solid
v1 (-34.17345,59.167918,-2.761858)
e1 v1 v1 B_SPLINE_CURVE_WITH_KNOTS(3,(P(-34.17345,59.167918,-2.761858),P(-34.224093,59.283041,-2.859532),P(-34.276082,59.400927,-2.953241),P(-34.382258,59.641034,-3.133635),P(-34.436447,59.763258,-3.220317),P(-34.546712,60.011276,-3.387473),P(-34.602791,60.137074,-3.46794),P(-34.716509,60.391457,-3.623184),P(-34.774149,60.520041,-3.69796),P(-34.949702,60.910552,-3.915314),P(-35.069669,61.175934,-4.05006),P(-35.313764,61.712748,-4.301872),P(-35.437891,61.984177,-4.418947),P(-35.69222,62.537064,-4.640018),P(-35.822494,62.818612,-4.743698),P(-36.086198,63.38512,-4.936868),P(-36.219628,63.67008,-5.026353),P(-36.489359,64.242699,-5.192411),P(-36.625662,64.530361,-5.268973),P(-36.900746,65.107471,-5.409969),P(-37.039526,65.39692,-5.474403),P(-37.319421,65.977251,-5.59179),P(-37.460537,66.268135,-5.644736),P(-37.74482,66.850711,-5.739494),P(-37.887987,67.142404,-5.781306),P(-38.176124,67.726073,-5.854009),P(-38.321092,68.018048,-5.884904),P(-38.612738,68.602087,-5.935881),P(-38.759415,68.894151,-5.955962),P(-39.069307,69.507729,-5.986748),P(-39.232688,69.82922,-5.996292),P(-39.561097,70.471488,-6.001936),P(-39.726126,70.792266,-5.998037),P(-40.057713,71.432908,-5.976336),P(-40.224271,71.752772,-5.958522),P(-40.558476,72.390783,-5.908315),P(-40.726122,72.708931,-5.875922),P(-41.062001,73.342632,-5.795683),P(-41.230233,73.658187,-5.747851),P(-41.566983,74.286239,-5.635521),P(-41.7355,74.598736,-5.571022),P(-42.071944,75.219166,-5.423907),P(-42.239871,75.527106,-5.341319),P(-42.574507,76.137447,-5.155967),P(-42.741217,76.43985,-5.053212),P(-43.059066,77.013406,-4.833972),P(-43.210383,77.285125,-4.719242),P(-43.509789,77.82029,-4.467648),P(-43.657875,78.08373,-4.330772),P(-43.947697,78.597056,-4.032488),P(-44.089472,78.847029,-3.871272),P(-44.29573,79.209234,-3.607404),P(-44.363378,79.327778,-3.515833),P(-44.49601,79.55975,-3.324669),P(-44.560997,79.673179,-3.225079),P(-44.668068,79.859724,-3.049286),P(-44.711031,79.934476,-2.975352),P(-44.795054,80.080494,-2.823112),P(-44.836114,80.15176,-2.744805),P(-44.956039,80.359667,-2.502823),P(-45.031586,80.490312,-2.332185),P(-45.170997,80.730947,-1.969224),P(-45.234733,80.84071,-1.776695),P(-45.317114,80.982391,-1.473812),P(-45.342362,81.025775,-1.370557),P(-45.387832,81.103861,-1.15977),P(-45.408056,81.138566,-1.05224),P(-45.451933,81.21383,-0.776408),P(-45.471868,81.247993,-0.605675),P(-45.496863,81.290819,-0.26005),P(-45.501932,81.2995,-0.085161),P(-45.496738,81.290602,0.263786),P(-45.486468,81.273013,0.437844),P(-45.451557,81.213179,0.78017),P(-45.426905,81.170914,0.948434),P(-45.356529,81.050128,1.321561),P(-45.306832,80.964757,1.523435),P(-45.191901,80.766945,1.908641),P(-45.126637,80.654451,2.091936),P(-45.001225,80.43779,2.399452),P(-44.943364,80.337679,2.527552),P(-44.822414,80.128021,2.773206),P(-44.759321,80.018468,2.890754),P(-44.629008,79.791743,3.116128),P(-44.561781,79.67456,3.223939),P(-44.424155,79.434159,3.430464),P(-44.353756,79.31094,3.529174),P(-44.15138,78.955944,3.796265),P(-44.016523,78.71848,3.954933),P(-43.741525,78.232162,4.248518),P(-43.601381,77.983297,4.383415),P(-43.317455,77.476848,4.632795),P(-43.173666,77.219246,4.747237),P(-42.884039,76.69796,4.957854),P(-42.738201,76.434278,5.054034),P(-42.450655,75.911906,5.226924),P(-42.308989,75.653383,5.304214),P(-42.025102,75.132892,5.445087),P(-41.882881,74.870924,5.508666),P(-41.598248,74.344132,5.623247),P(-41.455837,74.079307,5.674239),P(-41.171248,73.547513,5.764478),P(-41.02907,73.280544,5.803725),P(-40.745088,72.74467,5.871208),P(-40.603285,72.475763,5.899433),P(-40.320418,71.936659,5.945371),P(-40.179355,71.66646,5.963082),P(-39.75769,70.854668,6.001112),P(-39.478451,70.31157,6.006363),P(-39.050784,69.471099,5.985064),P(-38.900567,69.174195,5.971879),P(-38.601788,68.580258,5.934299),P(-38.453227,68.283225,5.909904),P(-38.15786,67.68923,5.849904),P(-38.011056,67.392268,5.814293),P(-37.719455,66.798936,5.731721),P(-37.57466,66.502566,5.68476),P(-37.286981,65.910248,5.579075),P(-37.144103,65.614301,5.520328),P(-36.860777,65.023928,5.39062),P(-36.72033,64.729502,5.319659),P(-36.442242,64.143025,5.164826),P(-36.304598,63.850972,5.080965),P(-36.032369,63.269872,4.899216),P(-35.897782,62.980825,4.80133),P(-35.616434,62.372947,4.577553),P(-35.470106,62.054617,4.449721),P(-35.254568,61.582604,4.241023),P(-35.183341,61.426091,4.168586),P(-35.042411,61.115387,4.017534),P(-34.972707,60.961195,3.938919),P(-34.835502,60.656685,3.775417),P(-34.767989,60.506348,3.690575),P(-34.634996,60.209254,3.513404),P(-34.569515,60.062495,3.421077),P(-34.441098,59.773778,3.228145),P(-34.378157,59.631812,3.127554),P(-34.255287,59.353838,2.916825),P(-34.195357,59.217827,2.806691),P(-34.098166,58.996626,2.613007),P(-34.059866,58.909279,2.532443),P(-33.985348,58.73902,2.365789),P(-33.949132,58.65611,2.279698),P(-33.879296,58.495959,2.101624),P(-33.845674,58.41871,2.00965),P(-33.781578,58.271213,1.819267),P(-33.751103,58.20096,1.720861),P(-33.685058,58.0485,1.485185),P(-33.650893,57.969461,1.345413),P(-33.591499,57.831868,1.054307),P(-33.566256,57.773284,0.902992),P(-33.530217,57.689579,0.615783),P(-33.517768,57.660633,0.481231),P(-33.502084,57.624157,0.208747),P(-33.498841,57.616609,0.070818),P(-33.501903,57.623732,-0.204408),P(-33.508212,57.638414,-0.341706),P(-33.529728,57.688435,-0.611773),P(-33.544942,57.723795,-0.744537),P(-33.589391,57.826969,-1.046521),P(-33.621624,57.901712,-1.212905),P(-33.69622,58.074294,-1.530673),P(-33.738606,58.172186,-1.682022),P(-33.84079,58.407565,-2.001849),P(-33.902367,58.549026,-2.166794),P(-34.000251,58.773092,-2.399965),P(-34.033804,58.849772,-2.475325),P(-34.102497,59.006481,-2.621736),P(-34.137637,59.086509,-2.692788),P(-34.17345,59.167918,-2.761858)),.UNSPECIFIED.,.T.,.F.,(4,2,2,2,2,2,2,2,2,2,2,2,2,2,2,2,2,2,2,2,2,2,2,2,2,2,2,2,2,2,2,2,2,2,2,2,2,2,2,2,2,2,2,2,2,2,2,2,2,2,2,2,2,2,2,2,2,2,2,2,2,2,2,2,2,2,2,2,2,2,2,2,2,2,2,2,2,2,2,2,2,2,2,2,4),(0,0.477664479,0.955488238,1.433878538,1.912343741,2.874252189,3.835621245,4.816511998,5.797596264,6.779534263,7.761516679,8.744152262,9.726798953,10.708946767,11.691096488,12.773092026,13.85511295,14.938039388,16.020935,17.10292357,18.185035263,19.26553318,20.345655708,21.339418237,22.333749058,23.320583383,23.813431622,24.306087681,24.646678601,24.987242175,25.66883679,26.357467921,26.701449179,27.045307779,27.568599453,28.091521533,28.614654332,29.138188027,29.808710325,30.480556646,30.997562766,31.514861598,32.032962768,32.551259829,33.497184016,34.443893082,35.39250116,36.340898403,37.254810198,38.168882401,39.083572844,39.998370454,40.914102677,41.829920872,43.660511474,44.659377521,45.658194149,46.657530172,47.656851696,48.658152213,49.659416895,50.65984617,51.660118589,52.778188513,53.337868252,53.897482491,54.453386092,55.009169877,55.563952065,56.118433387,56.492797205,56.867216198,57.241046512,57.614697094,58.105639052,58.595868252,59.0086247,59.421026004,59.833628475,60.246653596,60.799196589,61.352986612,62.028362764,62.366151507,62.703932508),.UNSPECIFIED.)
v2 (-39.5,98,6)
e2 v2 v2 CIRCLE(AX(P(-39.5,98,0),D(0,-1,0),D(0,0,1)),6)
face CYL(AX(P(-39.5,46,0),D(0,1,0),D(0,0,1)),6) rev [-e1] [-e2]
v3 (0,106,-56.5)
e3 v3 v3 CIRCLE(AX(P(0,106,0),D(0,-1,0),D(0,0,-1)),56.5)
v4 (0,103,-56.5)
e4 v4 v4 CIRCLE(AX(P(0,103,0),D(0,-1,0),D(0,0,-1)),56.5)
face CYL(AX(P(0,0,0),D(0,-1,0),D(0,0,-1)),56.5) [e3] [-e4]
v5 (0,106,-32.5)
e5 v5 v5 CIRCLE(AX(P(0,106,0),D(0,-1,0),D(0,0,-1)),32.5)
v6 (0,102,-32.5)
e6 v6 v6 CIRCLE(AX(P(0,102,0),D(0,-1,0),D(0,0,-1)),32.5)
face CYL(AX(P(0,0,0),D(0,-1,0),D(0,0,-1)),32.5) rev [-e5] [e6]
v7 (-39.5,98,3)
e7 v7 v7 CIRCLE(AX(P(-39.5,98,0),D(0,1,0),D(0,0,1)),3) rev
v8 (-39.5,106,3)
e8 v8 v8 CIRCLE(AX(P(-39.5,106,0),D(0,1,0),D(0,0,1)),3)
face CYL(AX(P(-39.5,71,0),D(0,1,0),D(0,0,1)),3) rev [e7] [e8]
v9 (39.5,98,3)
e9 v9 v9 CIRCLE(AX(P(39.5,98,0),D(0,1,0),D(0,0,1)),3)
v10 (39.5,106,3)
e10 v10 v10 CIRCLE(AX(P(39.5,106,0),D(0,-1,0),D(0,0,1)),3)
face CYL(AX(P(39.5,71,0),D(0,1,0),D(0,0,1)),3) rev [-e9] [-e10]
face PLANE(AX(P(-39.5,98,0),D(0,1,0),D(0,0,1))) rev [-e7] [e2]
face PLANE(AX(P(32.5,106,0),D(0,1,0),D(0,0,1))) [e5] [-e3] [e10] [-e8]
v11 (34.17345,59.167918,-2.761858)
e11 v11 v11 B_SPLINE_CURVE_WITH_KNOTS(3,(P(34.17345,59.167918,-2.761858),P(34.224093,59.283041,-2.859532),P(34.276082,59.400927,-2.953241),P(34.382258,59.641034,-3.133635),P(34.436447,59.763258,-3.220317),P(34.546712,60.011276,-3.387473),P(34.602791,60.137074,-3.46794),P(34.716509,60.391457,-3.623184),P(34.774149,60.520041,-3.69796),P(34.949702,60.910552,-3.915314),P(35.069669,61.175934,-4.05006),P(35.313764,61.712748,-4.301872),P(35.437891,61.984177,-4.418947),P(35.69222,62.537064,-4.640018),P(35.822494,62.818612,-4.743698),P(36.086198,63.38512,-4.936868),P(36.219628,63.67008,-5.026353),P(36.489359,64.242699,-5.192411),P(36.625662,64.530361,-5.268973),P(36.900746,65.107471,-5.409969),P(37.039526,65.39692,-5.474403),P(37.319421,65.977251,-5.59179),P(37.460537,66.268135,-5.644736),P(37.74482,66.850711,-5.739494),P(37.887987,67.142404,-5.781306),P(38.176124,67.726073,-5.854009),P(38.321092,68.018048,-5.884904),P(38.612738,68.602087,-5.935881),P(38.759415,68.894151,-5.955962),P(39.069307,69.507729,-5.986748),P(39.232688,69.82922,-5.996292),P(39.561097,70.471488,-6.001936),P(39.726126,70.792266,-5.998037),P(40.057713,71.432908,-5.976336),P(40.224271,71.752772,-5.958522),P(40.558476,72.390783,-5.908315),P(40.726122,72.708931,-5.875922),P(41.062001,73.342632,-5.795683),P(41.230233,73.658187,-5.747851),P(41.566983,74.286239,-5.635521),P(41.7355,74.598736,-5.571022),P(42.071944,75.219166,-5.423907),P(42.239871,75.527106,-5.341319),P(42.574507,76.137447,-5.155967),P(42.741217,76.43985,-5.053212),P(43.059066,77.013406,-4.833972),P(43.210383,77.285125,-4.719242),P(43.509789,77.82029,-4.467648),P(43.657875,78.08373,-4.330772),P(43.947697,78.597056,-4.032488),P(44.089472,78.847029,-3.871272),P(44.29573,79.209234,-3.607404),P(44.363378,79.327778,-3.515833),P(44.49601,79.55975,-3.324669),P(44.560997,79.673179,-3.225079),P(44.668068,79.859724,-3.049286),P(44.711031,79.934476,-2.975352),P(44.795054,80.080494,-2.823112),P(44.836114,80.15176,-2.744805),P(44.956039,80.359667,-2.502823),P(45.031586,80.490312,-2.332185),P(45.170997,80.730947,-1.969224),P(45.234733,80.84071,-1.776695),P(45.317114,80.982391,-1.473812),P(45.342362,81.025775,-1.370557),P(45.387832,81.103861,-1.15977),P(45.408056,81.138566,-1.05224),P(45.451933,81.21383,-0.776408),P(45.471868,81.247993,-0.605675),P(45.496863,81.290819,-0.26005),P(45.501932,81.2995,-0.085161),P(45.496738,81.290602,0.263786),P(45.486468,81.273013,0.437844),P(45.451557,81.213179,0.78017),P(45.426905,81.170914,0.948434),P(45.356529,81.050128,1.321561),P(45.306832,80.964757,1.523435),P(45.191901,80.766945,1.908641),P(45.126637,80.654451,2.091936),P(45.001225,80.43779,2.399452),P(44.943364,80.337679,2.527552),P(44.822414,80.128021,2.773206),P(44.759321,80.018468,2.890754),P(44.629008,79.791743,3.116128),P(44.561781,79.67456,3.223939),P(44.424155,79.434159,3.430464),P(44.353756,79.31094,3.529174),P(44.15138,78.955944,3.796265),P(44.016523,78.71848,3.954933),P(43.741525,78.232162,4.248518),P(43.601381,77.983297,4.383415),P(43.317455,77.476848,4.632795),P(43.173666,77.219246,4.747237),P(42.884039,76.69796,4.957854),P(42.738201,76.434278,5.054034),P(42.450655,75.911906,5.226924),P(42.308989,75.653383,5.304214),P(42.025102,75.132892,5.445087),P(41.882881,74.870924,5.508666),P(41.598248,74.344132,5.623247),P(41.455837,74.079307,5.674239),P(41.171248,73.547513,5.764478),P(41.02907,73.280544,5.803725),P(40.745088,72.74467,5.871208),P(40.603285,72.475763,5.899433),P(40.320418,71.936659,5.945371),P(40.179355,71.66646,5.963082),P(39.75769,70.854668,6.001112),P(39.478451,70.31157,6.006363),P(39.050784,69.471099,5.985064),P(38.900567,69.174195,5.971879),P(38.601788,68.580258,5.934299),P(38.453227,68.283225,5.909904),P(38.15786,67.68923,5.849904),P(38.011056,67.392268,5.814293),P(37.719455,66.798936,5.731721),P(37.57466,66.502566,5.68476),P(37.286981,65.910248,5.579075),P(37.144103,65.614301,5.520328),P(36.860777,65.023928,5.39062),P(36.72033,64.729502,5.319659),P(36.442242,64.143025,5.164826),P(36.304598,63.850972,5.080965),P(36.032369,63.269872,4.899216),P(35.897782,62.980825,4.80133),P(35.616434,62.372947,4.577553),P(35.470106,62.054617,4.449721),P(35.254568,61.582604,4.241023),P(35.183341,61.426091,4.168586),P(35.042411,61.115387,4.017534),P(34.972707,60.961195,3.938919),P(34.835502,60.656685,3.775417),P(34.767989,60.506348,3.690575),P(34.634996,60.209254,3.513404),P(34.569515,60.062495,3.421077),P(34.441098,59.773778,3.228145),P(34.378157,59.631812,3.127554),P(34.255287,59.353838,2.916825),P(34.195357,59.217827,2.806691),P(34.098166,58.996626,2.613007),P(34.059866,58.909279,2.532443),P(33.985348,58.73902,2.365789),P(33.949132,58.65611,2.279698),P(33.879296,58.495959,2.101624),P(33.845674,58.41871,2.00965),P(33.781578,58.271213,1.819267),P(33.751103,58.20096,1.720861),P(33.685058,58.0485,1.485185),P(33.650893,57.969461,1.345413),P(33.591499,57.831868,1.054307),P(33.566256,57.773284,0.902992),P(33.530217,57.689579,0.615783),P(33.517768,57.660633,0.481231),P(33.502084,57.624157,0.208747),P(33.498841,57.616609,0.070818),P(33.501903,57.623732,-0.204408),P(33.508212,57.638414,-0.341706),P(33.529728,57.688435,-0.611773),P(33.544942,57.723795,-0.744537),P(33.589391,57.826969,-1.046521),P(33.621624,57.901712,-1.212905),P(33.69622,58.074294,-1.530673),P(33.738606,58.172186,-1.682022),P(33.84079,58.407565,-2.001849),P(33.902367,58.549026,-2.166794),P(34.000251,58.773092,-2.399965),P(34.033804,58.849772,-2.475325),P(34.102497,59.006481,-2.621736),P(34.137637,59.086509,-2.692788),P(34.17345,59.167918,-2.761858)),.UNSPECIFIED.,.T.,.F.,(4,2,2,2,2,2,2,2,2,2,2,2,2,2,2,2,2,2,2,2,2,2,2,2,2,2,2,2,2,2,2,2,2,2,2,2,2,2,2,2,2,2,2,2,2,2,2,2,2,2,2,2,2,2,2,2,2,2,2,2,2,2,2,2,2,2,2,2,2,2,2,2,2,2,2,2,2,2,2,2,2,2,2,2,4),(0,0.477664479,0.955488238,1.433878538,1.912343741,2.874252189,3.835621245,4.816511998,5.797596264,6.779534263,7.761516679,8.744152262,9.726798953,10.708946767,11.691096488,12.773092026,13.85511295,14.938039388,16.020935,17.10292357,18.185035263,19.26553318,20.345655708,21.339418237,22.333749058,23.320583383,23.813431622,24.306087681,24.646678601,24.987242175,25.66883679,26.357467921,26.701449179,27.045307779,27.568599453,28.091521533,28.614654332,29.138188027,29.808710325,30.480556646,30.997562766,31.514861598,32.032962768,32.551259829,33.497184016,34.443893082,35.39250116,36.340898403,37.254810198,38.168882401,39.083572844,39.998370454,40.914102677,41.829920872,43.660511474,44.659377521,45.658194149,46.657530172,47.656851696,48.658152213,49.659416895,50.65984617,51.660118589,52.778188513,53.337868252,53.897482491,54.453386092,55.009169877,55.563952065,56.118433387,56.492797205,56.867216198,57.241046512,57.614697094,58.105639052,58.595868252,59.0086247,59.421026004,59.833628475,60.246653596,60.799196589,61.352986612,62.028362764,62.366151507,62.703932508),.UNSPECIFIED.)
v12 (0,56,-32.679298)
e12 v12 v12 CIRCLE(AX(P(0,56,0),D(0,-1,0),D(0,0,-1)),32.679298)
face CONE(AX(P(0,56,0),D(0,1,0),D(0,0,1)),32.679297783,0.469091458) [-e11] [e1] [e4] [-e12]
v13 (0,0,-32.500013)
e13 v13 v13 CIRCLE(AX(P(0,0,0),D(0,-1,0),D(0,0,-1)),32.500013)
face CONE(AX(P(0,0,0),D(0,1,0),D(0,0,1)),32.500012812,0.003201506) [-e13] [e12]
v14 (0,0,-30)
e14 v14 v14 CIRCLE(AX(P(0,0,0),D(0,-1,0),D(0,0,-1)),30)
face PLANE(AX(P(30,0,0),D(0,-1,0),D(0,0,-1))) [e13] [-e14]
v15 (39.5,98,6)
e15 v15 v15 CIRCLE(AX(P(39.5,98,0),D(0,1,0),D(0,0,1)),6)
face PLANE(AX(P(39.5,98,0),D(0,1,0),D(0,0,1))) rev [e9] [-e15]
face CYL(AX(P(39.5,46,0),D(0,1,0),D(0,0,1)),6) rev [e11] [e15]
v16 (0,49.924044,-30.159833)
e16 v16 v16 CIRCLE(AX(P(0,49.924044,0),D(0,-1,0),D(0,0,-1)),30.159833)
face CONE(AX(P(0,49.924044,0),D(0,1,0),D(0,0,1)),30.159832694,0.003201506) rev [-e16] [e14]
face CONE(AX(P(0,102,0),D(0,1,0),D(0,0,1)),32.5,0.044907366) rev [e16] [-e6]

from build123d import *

# Parameters (mm, degrees)
SKETCH_2_R          = 3
CUT_EXTRUDE_3_DEPTH = 35
CUT_EXTRUDE_START   = -10
SKETCH_4_R          = 6
CUT_EXTRUDE_4_DEPTH = 52


with BuildPart() as part:
    # Эскиз1 → Повернуть2 (revolve)
    with BuildSketch(Plane.XY, mode=Mode.PRIVATE) as revolve_2_sk:
        Polygon((30, 0), (32.500012812, 0), (32.679297783, 56), (56.5, 103), (56.5, 106), (32.5, 106), (32.5, 102), (30.159832694, 49.92404441), align=None)
    revolve(revolve_2_sk.sketch.rotate(Axis((0, 0, 0), (0, 1, 0)), 90), axis=Axis((0, 0, 0), (0, 1, 0)))

    # Эскиз2 → Вырез-Вытянуть3 (cut)
    with BuildSketch(Plane(origin=(0, 106, 0), x_dir=(1, 0, 0), z_dir=(0, 1, 0))):
        with Locations(Location((-39.5, 0, 0), (0, 0, 270))):
            Circle(SKETCH_2_R)
    cut_extrude_3 = extrude(amount=-CUT_EXTRUDE_3_DEPTH, mode=Mode.SUBTRACT)

    # Зеркальное отражение1: Вырез-Вытянуть3 across plane
    add(cut_extrude_3.mirror(Plane(origin=(0, 0, 0), x_dir=(0, 0, 1), z_dir=(1, 0, 0))), mode=Mode.SUBTRACT)

    # Эскиз4 → Вырез-Вытянуть4 (cut)
    with BuildSketch(Plane(origin=(0, 56, 0), x_dir=(1, 0, 0), z_dir=(0, 1, 0)).offset(CUT_EXTRUDE_START)):
        with Locations(Location((39.5, 0, 0), (0, 0, 270))):
            Circle(SKETCH_4_R)
    cut_extrude_4 = extrude(amount=CUT_EXTRUDE_4_DEPTH, mode=Mode.SUBTRACT)

    # Зеркальное отражение2: Вырез-Вытянуть4 across plane
    add(cut_extrude_4.mirror(Plane(origin=(0, 0, 0), x_dir=(0, 0, 1), z_dir=(1, 0, 0))), mode=Mode.SUBTRACT)


solid = part.part
